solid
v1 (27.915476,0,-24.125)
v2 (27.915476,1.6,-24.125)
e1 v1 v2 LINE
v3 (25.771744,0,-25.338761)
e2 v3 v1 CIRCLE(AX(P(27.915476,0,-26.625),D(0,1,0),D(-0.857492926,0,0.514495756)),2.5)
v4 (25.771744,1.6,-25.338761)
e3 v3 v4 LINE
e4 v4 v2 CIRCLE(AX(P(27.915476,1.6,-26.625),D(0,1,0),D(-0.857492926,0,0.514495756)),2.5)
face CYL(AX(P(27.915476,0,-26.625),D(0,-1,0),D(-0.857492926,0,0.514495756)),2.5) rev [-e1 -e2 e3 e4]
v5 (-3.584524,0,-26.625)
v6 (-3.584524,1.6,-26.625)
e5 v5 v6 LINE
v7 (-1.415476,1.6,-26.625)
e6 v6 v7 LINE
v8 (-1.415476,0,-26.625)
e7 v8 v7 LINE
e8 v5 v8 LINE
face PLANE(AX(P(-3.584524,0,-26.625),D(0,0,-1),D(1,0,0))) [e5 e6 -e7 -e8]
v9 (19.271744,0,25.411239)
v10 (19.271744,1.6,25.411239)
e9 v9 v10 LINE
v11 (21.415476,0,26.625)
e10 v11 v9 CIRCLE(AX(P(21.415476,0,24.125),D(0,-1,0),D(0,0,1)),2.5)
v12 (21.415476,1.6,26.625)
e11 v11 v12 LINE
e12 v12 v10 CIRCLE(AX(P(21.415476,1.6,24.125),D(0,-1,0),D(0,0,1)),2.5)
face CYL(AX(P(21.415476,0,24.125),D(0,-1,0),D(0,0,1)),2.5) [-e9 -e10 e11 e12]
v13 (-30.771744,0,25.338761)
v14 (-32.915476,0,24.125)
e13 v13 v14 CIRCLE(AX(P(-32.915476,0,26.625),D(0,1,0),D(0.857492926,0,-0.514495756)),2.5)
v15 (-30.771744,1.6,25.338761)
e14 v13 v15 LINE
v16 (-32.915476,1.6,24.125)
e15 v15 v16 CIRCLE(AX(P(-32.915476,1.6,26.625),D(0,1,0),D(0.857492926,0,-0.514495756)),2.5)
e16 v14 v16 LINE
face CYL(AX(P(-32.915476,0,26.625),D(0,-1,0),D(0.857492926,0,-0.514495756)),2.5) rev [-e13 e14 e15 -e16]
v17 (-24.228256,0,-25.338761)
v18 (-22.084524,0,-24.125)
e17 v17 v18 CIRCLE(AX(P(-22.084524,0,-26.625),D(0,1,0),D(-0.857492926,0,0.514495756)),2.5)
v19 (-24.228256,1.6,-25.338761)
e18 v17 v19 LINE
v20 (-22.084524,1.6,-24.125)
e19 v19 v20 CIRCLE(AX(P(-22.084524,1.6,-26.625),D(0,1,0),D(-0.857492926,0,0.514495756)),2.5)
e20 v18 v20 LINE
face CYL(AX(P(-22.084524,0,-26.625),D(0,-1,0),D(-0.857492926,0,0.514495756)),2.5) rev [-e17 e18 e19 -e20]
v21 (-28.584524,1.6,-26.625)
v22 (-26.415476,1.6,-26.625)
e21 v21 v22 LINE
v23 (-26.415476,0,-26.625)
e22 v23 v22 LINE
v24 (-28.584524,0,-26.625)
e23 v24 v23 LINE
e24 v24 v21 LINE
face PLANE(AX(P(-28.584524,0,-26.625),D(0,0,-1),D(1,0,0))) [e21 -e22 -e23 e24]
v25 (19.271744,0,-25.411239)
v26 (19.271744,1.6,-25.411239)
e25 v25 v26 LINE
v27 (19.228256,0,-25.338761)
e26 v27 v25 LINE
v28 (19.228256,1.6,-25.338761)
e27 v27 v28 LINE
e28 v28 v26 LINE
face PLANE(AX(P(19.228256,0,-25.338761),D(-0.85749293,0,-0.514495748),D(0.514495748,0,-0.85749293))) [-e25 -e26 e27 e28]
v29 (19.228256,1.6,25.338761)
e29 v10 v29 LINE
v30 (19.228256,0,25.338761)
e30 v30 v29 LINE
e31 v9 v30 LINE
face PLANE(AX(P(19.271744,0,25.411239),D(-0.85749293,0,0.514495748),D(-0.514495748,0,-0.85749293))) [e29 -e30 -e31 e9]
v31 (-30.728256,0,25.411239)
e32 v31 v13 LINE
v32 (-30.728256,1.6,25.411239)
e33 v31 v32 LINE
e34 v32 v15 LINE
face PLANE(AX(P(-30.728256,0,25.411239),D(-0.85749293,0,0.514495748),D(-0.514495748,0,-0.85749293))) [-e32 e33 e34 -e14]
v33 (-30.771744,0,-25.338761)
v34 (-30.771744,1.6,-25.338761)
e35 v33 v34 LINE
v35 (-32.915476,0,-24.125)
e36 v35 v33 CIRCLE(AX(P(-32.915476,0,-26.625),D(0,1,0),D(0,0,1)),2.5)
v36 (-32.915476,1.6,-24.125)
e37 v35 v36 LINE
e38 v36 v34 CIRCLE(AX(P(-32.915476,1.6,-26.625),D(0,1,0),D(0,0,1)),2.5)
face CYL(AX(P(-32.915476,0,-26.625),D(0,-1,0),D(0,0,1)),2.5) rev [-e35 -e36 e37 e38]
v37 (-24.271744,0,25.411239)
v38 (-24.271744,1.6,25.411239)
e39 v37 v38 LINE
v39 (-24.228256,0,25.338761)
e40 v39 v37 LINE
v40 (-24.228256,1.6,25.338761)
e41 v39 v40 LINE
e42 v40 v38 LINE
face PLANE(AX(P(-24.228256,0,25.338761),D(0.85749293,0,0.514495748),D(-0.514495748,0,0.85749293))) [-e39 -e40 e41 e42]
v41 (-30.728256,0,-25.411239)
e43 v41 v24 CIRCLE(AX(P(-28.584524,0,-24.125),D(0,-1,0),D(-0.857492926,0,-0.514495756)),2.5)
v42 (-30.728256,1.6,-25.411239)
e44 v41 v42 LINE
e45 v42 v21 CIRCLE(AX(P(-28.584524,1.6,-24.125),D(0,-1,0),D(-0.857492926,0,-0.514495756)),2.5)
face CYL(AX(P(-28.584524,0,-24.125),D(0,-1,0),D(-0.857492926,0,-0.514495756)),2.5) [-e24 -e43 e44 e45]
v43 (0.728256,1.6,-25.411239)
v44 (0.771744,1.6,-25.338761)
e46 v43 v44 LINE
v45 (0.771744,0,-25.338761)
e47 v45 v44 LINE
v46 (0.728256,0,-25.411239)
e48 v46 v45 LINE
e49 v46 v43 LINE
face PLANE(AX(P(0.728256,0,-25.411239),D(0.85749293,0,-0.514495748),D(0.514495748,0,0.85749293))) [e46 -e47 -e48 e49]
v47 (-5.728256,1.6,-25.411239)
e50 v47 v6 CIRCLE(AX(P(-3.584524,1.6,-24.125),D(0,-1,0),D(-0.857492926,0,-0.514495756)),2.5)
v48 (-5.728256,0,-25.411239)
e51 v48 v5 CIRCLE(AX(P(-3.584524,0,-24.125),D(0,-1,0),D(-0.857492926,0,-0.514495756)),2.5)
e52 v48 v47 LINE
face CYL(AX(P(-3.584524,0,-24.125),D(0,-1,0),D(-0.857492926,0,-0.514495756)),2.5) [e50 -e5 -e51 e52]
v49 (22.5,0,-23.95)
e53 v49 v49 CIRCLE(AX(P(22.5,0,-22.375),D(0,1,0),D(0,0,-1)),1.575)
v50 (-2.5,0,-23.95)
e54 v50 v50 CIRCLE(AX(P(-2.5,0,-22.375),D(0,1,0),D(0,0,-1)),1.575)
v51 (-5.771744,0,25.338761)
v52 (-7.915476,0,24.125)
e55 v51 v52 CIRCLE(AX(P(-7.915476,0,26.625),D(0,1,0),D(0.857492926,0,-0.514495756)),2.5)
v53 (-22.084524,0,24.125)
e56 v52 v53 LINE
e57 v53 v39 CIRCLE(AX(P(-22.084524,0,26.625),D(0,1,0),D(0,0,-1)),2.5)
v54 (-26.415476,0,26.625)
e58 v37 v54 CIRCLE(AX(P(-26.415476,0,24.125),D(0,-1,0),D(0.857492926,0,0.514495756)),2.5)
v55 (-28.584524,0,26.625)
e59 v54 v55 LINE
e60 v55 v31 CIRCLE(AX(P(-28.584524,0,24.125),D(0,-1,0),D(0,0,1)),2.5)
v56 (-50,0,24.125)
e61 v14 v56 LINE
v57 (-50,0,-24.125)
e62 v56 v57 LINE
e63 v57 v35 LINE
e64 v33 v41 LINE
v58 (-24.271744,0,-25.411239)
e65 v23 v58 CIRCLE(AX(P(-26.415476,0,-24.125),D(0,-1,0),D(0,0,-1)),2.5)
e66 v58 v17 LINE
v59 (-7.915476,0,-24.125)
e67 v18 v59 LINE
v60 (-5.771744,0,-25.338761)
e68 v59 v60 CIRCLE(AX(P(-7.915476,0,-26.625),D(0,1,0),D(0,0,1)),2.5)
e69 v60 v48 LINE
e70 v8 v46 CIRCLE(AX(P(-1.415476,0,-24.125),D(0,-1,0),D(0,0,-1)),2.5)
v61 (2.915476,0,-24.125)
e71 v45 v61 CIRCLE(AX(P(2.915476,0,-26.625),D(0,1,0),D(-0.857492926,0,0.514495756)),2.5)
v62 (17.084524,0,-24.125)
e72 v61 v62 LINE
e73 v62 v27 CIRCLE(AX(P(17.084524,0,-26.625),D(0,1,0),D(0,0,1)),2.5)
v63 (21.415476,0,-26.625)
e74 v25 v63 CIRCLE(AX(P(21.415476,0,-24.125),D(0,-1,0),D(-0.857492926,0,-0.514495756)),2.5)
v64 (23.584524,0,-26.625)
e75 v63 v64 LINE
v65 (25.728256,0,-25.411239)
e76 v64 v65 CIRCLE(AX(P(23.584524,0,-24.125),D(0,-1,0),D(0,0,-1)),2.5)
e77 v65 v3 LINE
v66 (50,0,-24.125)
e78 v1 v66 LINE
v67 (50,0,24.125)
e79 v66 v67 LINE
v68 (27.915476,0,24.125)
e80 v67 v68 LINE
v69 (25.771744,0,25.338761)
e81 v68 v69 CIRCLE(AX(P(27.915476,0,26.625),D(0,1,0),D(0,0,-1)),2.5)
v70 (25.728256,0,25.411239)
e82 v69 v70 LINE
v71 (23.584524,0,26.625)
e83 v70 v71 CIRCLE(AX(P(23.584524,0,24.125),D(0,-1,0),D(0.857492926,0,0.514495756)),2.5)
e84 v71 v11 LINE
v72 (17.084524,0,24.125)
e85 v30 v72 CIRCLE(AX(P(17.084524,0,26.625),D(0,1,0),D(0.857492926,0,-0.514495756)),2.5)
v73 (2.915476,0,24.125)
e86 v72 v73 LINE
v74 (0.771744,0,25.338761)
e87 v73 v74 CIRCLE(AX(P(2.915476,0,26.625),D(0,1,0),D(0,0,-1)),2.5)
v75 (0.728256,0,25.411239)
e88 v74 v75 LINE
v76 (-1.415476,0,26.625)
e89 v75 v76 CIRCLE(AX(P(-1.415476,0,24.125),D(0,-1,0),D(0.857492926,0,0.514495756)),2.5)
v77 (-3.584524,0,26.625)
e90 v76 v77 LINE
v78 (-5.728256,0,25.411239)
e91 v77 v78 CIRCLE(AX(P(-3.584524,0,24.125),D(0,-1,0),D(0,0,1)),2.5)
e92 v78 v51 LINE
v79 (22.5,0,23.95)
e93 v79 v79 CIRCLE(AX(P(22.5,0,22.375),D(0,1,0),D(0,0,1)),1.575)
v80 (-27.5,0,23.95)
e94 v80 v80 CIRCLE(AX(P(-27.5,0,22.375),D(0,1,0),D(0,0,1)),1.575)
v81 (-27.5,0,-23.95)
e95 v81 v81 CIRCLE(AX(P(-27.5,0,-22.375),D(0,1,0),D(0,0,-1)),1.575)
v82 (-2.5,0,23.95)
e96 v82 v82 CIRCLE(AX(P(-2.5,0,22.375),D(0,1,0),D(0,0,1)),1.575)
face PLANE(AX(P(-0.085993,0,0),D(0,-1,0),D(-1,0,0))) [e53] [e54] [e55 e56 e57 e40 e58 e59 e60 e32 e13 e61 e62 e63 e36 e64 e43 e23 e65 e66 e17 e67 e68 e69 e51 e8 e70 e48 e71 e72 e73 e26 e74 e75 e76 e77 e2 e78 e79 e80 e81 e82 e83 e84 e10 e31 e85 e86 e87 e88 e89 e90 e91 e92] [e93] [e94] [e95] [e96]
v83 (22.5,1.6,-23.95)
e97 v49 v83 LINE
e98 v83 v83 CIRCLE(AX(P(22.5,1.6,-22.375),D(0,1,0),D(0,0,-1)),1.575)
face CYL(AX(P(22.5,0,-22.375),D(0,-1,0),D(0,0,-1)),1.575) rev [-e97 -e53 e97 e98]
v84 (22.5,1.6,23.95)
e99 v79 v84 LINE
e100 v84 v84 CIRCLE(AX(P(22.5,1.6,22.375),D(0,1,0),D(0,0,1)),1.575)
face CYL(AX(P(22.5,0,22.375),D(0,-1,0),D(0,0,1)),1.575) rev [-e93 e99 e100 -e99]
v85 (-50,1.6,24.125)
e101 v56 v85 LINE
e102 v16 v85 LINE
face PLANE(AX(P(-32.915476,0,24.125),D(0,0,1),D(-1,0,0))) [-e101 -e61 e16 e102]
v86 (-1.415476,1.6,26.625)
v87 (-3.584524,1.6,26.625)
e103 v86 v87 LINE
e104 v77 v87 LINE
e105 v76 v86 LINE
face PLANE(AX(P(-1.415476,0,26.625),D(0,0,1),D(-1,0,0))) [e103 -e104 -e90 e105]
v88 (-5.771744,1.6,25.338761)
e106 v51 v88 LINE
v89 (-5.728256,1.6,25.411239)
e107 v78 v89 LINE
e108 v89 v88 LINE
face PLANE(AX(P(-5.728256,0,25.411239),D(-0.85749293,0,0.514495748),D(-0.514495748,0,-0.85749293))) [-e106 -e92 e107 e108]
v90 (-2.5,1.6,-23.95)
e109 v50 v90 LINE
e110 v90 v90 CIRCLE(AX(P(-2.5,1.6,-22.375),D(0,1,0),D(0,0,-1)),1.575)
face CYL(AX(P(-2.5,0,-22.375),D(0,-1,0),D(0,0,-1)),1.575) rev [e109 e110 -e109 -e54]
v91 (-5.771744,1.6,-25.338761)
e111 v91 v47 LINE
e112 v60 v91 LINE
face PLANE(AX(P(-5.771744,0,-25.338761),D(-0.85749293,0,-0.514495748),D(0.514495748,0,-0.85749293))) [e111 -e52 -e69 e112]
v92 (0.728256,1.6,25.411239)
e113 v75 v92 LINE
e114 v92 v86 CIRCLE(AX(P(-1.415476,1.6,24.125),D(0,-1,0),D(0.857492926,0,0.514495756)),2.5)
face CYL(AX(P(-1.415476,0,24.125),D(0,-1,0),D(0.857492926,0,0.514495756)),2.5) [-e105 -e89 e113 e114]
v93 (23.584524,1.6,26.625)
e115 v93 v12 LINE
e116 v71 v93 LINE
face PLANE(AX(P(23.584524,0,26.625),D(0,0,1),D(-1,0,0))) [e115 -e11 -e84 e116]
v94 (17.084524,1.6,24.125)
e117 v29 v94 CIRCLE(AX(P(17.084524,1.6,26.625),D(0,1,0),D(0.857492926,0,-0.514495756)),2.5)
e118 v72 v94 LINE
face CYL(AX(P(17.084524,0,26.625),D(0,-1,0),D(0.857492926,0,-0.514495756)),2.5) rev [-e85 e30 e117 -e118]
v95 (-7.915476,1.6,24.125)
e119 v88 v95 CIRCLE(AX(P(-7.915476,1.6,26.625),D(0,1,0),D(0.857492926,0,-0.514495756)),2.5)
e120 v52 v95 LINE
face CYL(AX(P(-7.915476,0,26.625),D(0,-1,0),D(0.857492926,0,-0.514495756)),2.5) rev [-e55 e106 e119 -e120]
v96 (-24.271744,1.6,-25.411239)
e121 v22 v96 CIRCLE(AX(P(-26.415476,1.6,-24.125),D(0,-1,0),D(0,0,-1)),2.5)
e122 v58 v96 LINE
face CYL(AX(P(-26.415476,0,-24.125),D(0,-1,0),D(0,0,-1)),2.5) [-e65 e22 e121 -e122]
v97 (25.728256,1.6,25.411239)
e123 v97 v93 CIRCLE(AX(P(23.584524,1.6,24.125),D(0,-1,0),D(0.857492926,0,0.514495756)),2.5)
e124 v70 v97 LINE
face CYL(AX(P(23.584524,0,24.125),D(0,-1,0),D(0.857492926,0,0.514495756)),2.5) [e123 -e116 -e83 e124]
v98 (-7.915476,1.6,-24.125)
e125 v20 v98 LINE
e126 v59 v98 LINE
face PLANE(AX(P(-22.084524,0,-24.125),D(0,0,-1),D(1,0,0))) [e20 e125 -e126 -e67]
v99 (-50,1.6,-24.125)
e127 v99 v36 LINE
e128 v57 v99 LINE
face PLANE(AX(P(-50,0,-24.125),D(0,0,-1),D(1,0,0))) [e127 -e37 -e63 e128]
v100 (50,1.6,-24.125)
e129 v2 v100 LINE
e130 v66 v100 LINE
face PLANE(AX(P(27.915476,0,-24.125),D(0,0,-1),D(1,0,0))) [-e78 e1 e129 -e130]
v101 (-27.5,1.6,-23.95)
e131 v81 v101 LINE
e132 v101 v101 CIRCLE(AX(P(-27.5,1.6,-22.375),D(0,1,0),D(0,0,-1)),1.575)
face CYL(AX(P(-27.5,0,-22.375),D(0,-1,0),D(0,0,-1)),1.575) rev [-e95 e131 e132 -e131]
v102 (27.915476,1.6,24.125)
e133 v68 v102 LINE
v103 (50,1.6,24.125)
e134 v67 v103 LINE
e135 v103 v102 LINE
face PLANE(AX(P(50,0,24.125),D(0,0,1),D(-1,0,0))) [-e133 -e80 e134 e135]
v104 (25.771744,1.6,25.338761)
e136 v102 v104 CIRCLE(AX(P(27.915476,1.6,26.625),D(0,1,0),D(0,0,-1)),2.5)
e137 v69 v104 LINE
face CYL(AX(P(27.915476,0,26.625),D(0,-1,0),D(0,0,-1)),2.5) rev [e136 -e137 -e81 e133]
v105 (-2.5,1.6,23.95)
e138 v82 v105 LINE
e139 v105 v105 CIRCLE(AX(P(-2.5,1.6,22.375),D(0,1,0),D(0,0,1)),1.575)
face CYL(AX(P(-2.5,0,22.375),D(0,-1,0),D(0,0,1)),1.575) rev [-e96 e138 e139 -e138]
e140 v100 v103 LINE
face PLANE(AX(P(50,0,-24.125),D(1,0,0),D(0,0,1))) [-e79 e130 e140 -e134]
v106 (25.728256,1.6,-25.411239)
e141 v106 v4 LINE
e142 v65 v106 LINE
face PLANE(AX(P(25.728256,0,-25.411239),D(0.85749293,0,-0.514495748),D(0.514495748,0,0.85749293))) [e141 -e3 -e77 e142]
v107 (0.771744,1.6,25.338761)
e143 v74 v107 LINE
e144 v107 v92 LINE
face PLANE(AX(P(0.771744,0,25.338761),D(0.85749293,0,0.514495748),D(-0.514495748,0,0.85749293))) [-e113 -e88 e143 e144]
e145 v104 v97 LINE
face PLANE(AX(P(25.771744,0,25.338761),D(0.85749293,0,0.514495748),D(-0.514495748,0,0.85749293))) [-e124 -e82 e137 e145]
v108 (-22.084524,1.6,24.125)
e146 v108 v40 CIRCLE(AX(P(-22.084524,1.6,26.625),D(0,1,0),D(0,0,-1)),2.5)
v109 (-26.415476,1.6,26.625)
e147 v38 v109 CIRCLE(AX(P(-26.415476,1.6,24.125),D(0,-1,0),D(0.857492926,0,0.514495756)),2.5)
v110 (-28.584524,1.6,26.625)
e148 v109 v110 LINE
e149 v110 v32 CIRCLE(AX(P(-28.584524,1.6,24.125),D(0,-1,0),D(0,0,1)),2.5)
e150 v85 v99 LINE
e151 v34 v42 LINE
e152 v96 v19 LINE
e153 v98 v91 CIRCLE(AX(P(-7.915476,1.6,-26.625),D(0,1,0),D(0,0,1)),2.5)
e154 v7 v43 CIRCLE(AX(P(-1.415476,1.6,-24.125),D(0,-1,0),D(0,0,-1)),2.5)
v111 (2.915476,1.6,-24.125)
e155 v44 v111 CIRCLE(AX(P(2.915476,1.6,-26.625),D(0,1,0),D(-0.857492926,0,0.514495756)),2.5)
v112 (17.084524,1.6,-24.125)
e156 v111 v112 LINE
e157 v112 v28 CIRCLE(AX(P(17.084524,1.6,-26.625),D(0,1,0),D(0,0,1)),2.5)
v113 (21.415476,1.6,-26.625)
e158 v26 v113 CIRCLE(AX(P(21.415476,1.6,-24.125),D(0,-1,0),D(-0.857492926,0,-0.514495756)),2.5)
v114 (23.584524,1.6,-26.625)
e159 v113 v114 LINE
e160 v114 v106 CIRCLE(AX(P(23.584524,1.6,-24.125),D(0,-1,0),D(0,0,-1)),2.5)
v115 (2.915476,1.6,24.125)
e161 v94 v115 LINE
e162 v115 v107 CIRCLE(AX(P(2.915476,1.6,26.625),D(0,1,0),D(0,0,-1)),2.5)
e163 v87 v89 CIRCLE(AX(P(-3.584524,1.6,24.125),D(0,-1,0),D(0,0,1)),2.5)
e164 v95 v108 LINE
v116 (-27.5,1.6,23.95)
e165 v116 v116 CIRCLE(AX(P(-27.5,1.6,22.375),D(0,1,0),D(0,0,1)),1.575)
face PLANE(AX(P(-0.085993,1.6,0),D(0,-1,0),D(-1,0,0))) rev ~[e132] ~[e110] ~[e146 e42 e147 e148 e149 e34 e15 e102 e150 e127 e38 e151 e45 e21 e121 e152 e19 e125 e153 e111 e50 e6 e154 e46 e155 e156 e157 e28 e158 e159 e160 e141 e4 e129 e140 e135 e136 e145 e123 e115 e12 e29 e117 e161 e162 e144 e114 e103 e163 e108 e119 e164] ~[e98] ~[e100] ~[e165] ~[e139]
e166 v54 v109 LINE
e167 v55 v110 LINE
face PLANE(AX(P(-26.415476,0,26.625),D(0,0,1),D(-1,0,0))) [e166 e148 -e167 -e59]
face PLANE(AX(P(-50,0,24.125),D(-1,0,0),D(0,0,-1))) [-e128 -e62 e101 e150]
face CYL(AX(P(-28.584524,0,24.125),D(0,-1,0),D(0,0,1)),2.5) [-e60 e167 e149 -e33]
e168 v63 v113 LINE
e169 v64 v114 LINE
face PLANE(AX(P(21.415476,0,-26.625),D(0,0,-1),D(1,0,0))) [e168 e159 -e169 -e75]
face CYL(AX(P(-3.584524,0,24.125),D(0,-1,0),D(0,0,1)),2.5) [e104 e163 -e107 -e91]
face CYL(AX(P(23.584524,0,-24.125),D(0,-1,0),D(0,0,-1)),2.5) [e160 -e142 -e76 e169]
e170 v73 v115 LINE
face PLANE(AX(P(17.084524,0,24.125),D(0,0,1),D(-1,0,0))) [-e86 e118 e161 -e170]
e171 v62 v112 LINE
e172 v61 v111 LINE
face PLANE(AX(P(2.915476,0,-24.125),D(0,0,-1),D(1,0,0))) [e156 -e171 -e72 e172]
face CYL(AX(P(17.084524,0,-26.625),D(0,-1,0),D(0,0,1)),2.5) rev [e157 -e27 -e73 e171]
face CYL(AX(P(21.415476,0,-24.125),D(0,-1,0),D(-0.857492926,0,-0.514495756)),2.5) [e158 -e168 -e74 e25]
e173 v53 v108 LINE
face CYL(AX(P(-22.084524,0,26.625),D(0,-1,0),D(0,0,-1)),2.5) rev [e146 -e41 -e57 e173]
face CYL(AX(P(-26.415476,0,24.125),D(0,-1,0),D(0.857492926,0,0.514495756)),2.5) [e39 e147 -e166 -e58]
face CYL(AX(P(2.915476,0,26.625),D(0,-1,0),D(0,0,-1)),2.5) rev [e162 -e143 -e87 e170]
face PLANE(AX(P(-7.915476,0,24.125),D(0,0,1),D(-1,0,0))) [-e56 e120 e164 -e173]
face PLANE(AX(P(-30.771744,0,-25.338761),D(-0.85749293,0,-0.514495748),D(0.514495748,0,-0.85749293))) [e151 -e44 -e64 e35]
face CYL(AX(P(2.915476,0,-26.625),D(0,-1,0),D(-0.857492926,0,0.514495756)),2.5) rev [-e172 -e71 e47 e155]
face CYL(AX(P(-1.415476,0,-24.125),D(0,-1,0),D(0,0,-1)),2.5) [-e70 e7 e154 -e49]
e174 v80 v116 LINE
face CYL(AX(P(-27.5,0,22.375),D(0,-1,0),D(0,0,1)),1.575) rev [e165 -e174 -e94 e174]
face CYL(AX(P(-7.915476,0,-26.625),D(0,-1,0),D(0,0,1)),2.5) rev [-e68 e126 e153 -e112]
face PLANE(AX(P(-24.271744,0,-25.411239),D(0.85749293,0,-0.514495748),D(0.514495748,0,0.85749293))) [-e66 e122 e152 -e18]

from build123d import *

# Parameters (mm, degrees)
SKETCH1_R           = 1.575
BOSS_EXTRUDE1_DEPTH = 1.6


with BuildPart() as part:
    # Sketch1 → Boss-Extrude1 (new body)
    with BuildSketch(Plane(origin=(0, 0, 0), x_dir=(1, 0, 0), z_dir=(0, 1, 0))):
        with BuildLine():
            Line((-50, 24.125), (-32.915475947, 24.125))
            ThreePointArc((-32.915475947, 24.125), (-31.68372891, 24.449500233), (-30.771743633, 25.338760611))
            Line((-30.771743633, 25.338760611), (-30.728256367, 25.411239389))
            ThreePointArc((-30.728256367, 25.411239389), (-29.81627109, 26.300499767), (-28.584524053, 26.625))
            Line((-28.584524053, 26.625), (-26.415475947, 26.625))
            ThreePointArc((-26.415475947, 26.625), (-25.18372891, 26.300499767), (-24.271743633, 25.411239389))
            Line((-24.271743633, 25.411239389), (-24.228256367, 25.338760611))
            ThreePointArc((-24.228256367, 25.338760611), (-23.31627109, 24.449500233), (-22.084524053, 24.125))
            Line((-22.084524053, 24.125), (-7.915475947, 24.125))
            ThreePointArc((-7.915475947, 24.125), (-6.68372891, 24.449500233), (-5.771743633, 25.338760611))
            Line((-5.771743633, 25.338760611), (-5.728256367, 25.411239389))
            ThreePointArc((-5.728256367, 25.411239389), (-4.81627109, 26.300499767), (-3.584524053, 26.625))
            Line((-3.584524053, 26.625), (-1.415475947, 26.625))
            ThreePointArc((-1.415475947, 26.625), (-0.18372891, 26.300499767), (0.728256367, 25.411239389))
            Line((0.728256367, 25.411239389), (0.771743633, 25.338760611))
            ThreePointArc((0.771743633, 25.338760611), (1.68372891, 24.449500233), (2.915475947, 24.125))
            Line((2.915475947, 24.125), (17.084524053, 24.125))
            ThreePointArc((17.084524053, 24.125), (18.31627109, 24.449500233), (19.228256367, 25.338760611))
            Line((19.228256367, 25.338760611), (19.271743633, 25.411239389))
            ThreePointArc((19.271743633, 25.411239389), (20.18372891, 26.300499767), (21.415475947, 26.625))
            Line((21.415475947, 26.625), (23.584524053, 26.625))
            ThreePointArc((23.584524053, 26.625), (24.81627109, 26.300499767), (25.728256367, 25.411239389))
            Line((25.728256367, 25.411239389), (25.771743633, 25.338760611))
            ThreePointArc((25.771743633, 25.338760611), (26.68372891, 24.449500233), (27.915475947, 24.125))
            Line((27.915475947, 24.125), (50, 24.125))
            Line((50, 24.125), (50, -24.125))
            Line((50, -24.125), (27.915475947, -24.125))
            ThreePointArc((27.915475947, -24.125), (26.68372891, -24.449500233), (25.771743633, -25.338760611))
            Line((25.771743633, -25.338760611), (25.728256367, -25.411239389))
            ThreePointArc((25.728256367, -25.411239389), (24.81627109, -26.300499767), (23.584524053, -26.625))
            Line((23.584524053, -26.625), (21.415475947, -26.625))
            ThreePointArc((21.415475947, -26.625), (20.18372891, -26.300499767), (19.271743633, -25.411239389))
            Line((19.271743633, -25.411239389), (19.228256367, -25.338760611))
            ThreePointArc((19.228256367, -25.338760611), (18.31627109, -24.449500233), (17.084524053, -24.125))
            Line((17.084524053, -24.125), (2.915475947, -24.125))
            ThreePointArc((2.915475947, -24.125), (1.68372891, -24.449500233), (0.771743633, -25.338760611))
            Line((0.771743633, -25.338760611), (0.728256367, -25.411239389))
            ThreePointArc((0.728256367, -25.411239389), (-0.18372891, -26.300499767), (-1.415475947, -26.625))
            Line((-1.415475947, -26.625), (-3.584524053, -26.625))
            ThreePointArc((-3.584524053, -26.625), (-4.81627109, -26.300499767), (-5.728256367, -25.411239389))
            Line((-5.728256367, -25.411239389), (-5.771743633, -25.338760611))
            ThreePointArc((-5.771743633, -25.338760611), (-6.68372891, -24.449500233), (-7.915475947, -24.125))
            Line((-7.915475947, -24.125), (-22.084524053, -24.125))
            ThreePointArc((-22.084524053, -24.125), (-23.31627109, -24.449500233), (-24.228256367, -25.338760611))
            Line((-24.228256367, -25.338760611), (-24.271743633, -25.411239389))
            ThreePointArc((-24.271743633, -25.411239389), (-25.18372891, -26.300499767), (-26.415475947, -26.625))
            Line((-26.415475947, -26.625), (-28.584524053, -26.625))
            ThreePointArc((-28.584524053, -26.625), (-29.81627109, -26.300499767), (-30.728256367, -25.411239389))
            Line((-30.728256367, -25.411239389), (-30.771743633, -25.338760611))
            ThreePointArc((-30.771743633, -25.338760611), (-31.68372891, -24.449500233), (-32.915475947, -24.125))
            Line((-32.915475947, -24.125), (-50, -24.125))
            Line((-50, -24.125), (-50, 24.125))
        make_face()
        with Locations(Location((-27.5, -22.375, 0), (0, 0, 270))):
            Circle(SKETCH1_R, mode=Mode.SUBTRACT)
        with Locations(Location((-27.5, 22.375, 0), (0, 0, 90))):
            Circle(SKETCH1_R, mode=Mode.SUBTRACT)
        with Locations(Location((-2.5, 22.375, 0), (0, 0, 90))):
            Circle(SKETCH1_R, mode=Mode.SUBTRACT)
        with Locations(Location((-2.5, -22.375, 0), (0, 0, 270))):
            Circle(SKETCH1_R, mode=Mode.SUBTRACT)
        with Locations(Location((22.5, 22.375, 0), (0, 0, 90))):
            Circle(SKETCH1_R, mode=Mode.SUBTRACT)
        with Locations(Location((22.5, -22.375, 0), (0, 0, 270))):
            Circle(SKETCH1_R, mode=Mode.SUBTRACT)
    extrude(amount=BOSS_EXTRUDE1_DEPTH)


solid = part.part
